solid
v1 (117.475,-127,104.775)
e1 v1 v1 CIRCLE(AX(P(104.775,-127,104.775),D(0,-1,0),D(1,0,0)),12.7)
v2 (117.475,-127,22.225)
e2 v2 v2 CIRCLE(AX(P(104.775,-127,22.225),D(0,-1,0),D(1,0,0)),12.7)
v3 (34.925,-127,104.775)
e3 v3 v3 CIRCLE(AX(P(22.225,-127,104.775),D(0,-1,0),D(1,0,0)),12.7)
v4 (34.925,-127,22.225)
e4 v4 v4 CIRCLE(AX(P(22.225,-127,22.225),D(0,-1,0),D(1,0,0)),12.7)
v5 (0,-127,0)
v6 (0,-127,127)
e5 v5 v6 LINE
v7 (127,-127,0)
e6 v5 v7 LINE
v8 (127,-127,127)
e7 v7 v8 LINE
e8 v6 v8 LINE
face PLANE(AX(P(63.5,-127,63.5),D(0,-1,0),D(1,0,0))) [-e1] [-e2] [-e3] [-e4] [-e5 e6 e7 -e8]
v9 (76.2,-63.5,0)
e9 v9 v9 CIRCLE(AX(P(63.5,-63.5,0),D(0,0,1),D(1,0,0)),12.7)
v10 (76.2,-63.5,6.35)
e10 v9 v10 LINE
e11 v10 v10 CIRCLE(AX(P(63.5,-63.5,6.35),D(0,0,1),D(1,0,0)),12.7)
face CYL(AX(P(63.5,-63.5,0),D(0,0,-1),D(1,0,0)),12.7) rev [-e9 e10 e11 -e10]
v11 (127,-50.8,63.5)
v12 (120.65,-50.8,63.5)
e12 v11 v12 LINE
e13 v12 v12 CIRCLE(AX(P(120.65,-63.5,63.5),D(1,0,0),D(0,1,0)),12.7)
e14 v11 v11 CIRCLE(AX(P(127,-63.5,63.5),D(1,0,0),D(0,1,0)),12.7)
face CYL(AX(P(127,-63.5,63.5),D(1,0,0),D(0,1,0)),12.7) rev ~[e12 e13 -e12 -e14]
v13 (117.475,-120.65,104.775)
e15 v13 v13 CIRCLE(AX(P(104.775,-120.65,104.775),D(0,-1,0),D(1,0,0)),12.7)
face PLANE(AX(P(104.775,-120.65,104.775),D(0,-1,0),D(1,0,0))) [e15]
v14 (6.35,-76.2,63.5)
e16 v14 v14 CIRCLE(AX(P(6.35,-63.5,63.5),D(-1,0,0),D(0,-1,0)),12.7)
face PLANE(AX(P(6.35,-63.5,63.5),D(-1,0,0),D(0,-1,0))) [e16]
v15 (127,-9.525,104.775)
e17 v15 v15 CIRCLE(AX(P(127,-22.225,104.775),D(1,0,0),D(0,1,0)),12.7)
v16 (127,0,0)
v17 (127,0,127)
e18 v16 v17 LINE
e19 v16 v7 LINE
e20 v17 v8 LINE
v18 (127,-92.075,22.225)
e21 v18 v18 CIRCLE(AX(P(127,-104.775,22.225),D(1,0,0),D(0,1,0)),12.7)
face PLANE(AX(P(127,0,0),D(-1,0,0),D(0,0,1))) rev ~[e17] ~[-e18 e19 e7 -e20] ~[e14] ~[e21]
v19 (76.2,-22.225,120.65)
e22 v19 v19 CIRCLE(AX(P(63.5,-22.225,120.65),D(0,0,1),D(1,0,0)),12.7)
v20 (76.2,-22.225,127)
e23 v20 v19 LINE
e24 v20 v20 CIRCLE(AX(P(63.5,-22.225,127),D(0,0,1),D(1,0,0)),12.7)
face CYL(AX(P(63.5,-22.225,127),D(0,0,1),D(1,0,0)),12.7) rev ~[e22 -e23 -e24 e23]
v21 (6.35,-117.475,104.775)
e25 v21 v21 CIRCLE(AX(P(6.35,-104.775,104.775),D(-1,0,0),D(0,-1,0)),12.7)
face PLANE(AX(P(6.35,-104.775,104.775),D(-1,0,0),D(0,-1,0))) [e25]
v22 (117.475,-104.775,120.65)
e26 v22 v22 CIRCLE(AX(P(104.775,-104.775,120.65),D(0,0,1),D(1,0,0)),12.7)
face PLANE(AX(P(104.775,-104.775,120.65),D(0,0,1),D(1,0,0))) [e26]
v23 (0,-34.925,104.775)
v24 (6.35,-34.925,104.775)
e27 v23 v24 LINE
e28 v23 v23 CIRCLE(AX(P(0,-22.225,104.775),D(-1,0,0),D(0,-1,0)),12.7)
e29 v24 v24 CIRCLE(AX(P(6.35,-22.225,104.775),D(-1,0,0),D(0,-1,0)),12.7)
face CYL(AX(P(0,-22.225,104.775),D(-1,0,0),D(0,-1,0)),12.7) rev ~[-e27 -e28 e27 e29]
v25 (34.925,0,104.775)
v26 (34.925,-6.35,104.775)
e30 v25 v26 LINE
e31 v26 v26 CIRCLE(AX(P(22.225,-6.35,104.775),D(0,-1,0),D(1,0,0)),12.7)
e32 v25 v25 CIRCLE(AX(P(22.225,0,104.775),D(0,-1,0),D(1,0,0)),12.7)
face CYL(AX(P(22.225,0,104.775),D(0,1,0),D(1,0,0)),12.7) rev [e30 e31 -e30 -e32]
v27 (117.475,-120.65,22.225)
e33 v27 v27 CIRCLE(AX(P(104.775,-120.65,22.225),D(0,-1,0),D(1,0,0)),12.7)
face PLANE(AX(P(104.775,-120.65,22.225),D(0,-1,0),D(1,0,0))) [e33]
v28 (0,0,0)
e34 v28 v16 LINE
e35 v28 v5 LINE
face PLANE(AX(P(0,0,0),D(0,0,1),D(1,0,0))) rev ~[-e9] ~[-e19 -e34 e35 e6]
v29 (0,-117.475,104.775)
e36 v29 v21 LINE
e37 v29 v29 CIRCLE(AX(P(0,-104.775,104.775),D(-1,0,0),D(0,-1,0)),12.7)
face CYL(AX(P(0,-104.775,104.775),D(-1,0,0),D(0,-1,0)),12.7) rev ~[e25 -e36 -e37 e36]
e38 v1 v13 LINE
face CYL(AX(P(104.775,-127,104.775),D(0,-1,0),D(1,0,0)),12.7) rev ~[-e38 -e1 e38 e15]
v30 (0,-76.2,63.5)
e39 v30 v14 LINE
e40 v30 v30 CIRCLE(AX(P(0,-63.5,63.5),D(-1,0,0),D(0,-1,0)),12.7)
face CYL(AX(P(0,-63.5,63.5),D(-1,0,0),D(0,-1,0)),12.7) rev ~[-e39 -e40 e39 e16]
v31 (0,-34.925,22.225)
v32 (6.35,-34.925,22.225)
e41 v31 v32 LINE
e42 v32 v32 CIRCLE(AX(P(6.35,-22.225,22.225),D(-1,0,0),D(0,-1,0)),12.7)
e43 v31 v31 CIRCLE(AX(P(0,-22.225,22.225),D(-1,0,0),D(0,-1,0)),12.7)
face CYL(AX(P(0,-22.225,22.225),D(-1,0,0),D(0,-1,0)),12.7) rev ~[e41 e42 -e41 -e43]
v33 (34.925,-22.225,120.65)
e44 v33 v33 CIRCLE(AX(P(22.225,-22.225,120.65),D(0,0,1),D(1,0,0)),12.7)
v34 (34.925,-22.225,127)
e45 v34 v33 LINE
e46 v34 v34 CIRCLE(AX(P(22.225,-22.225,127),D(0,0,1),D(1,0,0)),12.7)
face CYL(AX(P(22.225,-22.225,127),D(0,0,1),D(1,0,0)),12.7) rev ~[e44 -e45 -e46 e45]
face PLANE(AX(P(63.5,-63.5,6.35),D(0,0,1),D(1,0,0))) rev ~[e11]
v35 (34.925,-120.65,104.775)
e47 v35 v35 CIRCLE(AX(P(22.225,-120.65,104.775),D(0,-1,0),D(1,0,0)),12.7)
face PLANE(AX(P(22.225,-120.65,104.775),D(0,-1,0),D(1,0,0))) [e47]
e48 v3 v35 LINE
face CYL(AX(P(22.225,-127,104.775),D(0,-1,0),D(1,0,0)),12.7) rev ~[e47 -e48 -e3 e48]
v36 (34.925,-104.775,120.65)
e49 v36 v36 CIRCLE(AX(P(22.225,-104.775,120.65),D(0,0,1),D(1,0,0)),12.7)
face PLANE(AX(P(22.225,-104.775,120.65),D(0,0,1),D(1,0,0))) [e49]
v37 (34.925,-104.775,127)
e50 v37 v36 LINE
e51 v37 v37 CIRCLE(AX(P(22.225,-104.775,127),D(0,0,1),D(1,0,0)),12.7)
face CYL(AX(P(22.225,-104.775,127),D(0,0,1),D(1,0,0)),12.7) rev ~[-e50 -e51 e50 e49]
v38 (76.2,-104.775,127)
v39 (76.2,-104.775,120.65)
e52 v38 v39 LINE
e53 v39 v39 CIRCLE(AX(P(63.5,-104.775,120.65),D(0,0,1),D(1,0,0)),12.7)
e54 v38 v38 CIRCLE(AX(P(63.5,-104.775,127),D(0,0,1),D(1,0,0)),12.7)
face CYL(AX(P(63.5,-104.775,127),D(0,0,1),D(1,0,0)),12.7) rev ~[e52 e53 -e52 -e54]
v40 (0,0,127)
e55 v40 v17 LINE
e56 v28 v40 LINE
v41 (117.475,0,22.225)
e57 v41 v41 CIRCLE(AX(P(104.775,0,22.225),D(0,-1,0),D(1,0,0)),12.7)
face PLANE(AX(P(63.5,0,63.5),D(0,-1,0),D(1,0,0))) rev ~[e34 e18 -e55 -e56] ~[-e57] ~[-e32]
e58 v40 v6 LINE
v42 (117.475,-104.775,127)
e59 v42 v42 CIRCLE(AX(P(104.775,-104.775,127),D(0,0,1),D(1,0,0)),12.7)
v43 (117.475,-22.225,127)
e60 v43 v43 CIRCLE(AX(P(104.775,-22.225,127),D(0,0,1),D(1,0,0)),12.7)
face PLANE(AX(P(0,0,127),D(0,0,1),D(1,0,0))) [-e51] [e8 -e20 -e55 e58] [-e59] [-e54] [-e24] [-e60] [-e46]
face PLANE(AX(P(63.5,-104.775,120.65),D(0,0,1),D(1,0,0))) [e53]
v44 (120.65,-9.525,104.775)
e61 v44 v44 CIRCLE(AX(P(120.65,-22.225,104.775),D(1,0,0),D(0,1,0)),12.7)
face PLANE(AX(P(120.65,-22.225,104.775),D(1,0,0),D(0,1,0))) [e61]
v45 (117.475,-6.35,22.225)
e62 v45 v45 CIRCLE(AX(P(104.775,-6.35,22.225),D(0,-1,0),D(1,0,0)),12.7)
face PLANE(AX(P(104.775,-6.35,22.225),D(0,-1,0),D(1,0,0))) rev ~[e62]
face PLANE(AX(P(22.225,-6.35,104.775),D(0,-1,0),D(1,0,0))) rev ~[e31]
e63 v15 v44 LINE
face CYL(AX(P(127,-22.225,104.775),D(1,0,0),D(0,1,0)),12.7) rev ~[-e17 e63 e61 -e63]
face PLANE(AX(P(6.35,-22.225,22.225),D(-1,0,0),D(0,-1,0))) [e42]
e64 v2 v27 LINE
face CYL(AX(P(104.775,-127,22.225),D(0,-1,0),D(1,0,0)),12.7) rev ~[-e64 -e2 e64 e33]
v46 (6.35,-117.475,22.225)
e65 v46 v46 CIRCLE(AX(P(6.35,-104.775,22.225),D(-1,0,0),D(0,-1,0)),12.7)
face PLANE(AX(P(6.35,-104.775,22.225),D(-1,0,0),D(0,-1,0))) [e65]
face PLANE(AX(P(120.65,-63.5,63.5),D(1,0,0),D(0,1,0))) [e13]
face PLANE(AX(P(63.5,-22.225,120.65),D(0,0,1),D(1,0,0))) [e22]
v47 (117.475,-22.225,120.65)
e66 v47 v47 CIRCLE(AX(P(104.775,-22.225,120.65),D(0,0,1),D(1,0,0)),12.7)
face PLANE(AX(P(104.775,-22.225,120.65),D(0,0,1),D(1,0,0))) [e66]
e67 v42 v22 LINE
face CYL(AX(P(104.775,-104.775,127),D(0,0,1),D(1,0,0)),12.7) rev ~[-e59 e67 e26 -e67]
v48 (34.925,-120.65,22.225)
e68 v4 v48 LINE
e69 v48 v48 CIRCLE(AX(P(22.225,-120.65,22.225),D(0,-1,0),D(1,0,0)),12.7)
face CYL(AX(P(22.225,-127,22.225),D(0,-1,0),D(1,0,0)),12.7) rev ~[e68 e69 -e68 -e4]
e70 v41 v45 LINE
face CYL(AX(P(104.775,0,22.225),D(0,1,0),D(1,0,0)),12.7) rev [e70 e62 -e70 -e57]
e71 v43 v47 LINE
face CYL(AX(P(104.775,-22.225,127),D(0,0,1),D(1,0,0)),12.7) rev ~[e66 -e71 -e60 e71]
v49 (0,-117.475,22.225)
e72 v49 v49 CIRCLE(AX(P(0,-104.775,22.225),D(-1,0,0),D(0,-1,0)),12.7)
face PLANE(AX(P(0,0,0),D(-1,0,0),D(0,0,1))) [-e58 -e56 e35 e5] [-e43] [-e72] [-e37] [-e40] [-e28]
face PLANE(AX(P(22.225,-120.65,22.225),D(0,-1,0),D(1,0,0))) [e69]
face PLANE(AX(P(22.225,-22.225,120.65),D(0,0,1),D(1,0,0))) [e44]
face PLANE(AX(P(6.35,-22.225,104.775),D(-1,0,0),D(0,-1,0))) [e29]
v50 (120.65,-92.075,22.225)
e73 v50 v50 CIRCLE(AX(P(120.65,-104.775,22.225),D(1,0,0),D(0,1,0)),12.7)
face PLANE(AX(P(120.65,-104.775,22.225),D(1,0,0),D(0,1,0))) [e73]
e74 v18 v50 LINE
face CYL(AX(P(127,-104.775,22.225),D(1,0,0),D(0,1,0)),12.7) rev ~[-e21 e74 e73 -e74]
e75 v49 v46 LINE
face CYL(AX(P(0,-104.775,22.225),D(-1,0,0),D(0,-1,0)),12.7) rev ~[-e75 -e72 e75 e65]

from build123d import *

# Parameters (mm, degrees)
F0_W      = 127
F0_H      = 127
F1_DEPTH  = 127
F2_R      = 12.7
F3_DEPTH  = 6.35
F4_R      = 12.7
F5_DEPTH  = 6.35
F6_R      = 12.7
F7_DEPTH  = 6.35
F8_R      = 12.7
F9_DEPTH  = 6.35
F10_R     = 12.7
F11_DEPTH = 6.35
F12_R     = 12.7
F13_DEPTH = 6.35


with BuildPart() as f1:
    # F0 (on Front) → F1 (new body)
    with BuildSketch(Plane.XZ):
        with Locations((63.5, 63.5)):
            Rectangle(F0_W, F0_H)
    extrude(amount=F1_DEPTH)

    # F2 (on Top) → F3 (cut)
    with BuildSketch(Plane.XY):
        with Locations((63.5, -63.5)):
            Circle(F2_R)
    extrude(amount=F3_DEPTH, mode=Mode.SUBTRACT)

    # F4 (on face) → F5 (cut)
    with BuildSketch(Plane.XZ):
        with Locations((104.775, 22.225)):
            Circle(F4_R)
        with Locations((22.225, 104.775)):
            Circle(F4_R)
    extrude(amount=F5_DEPTH, mode=Mode.SUBTRACT)

    # F6 (on face) → F7 (cut)
    with BuildSketch(Plane.YZ.offset(127)):
        with Locations((-22.225, 104.775)):
            Circle(F6_R)
        with Locations((-63.5, 63.5)):
            Circle(F6_R)
        with Locations((-104.775, 22.225)):
            Circle(F6_R)
    extrude(amount=-F7_DEPTH, mode=Mode.SUBTRACT)

    # F8 (on face) → F9 (cut)
    with BuildSketch(Plane.XZ.offset(127)):
        with Locations((104.775, 104.775)):
            Circle(F8_R)
        with Locations((104.775, 22.225)):
            Circle(F8_R)
        with Locations((22.225, 22.225)):
            Circle(F8_R)
        with Locations((22.225, 104.775)):
            Circle(F8_R)
    extrude(amount=-F9_DEPTH, mode=Mode.SUBTRACT)

    # F10 (on face) → F11 (cut)
    with BuildSketch(Plane(origin=(0, 0, 0), x_dir=(0, -1, 0), z_dir=(-1, 0, 0))):
        with Locations((104.775, 22.225)):
            Circle(F10_R)
        with Locations((22.225, 22.225)):
            Circle(F10_R)
        with Locations((63.5, 63.5)):
            Circle(F10_R)
        with Locations((104.775, 104.775)):
            Circle(F10_R)
        with Locations((22.225, 104.775)):
            Circle(F10_R)
    extrude(amount=-F11_DEPTH, mode=Mode.SUBTRACT)

    # F12 (on face) → F13 (cut)
    with BuildSketch(Plane.XY.offset(127)):
        with Locations((22.225, -104.775)):
            Circle(F12_R)
        with Locations((63.5, -104.775)):
            Circle(F12_R)
        with Locations((104.775, -104.775)):
            Circle(F12_R)
        with Locations((104.775, -22.225)):
            Circle(F12_R)
        with Locations((63.5, -22.225)):
            Circle(F12_R)
        with Locations((22.225, -22.225)):
            Circle(F12_R)
    extrude(amount=-F13_DEPTH, mode=Mode.SUBTRACT)


solid = f1.part
